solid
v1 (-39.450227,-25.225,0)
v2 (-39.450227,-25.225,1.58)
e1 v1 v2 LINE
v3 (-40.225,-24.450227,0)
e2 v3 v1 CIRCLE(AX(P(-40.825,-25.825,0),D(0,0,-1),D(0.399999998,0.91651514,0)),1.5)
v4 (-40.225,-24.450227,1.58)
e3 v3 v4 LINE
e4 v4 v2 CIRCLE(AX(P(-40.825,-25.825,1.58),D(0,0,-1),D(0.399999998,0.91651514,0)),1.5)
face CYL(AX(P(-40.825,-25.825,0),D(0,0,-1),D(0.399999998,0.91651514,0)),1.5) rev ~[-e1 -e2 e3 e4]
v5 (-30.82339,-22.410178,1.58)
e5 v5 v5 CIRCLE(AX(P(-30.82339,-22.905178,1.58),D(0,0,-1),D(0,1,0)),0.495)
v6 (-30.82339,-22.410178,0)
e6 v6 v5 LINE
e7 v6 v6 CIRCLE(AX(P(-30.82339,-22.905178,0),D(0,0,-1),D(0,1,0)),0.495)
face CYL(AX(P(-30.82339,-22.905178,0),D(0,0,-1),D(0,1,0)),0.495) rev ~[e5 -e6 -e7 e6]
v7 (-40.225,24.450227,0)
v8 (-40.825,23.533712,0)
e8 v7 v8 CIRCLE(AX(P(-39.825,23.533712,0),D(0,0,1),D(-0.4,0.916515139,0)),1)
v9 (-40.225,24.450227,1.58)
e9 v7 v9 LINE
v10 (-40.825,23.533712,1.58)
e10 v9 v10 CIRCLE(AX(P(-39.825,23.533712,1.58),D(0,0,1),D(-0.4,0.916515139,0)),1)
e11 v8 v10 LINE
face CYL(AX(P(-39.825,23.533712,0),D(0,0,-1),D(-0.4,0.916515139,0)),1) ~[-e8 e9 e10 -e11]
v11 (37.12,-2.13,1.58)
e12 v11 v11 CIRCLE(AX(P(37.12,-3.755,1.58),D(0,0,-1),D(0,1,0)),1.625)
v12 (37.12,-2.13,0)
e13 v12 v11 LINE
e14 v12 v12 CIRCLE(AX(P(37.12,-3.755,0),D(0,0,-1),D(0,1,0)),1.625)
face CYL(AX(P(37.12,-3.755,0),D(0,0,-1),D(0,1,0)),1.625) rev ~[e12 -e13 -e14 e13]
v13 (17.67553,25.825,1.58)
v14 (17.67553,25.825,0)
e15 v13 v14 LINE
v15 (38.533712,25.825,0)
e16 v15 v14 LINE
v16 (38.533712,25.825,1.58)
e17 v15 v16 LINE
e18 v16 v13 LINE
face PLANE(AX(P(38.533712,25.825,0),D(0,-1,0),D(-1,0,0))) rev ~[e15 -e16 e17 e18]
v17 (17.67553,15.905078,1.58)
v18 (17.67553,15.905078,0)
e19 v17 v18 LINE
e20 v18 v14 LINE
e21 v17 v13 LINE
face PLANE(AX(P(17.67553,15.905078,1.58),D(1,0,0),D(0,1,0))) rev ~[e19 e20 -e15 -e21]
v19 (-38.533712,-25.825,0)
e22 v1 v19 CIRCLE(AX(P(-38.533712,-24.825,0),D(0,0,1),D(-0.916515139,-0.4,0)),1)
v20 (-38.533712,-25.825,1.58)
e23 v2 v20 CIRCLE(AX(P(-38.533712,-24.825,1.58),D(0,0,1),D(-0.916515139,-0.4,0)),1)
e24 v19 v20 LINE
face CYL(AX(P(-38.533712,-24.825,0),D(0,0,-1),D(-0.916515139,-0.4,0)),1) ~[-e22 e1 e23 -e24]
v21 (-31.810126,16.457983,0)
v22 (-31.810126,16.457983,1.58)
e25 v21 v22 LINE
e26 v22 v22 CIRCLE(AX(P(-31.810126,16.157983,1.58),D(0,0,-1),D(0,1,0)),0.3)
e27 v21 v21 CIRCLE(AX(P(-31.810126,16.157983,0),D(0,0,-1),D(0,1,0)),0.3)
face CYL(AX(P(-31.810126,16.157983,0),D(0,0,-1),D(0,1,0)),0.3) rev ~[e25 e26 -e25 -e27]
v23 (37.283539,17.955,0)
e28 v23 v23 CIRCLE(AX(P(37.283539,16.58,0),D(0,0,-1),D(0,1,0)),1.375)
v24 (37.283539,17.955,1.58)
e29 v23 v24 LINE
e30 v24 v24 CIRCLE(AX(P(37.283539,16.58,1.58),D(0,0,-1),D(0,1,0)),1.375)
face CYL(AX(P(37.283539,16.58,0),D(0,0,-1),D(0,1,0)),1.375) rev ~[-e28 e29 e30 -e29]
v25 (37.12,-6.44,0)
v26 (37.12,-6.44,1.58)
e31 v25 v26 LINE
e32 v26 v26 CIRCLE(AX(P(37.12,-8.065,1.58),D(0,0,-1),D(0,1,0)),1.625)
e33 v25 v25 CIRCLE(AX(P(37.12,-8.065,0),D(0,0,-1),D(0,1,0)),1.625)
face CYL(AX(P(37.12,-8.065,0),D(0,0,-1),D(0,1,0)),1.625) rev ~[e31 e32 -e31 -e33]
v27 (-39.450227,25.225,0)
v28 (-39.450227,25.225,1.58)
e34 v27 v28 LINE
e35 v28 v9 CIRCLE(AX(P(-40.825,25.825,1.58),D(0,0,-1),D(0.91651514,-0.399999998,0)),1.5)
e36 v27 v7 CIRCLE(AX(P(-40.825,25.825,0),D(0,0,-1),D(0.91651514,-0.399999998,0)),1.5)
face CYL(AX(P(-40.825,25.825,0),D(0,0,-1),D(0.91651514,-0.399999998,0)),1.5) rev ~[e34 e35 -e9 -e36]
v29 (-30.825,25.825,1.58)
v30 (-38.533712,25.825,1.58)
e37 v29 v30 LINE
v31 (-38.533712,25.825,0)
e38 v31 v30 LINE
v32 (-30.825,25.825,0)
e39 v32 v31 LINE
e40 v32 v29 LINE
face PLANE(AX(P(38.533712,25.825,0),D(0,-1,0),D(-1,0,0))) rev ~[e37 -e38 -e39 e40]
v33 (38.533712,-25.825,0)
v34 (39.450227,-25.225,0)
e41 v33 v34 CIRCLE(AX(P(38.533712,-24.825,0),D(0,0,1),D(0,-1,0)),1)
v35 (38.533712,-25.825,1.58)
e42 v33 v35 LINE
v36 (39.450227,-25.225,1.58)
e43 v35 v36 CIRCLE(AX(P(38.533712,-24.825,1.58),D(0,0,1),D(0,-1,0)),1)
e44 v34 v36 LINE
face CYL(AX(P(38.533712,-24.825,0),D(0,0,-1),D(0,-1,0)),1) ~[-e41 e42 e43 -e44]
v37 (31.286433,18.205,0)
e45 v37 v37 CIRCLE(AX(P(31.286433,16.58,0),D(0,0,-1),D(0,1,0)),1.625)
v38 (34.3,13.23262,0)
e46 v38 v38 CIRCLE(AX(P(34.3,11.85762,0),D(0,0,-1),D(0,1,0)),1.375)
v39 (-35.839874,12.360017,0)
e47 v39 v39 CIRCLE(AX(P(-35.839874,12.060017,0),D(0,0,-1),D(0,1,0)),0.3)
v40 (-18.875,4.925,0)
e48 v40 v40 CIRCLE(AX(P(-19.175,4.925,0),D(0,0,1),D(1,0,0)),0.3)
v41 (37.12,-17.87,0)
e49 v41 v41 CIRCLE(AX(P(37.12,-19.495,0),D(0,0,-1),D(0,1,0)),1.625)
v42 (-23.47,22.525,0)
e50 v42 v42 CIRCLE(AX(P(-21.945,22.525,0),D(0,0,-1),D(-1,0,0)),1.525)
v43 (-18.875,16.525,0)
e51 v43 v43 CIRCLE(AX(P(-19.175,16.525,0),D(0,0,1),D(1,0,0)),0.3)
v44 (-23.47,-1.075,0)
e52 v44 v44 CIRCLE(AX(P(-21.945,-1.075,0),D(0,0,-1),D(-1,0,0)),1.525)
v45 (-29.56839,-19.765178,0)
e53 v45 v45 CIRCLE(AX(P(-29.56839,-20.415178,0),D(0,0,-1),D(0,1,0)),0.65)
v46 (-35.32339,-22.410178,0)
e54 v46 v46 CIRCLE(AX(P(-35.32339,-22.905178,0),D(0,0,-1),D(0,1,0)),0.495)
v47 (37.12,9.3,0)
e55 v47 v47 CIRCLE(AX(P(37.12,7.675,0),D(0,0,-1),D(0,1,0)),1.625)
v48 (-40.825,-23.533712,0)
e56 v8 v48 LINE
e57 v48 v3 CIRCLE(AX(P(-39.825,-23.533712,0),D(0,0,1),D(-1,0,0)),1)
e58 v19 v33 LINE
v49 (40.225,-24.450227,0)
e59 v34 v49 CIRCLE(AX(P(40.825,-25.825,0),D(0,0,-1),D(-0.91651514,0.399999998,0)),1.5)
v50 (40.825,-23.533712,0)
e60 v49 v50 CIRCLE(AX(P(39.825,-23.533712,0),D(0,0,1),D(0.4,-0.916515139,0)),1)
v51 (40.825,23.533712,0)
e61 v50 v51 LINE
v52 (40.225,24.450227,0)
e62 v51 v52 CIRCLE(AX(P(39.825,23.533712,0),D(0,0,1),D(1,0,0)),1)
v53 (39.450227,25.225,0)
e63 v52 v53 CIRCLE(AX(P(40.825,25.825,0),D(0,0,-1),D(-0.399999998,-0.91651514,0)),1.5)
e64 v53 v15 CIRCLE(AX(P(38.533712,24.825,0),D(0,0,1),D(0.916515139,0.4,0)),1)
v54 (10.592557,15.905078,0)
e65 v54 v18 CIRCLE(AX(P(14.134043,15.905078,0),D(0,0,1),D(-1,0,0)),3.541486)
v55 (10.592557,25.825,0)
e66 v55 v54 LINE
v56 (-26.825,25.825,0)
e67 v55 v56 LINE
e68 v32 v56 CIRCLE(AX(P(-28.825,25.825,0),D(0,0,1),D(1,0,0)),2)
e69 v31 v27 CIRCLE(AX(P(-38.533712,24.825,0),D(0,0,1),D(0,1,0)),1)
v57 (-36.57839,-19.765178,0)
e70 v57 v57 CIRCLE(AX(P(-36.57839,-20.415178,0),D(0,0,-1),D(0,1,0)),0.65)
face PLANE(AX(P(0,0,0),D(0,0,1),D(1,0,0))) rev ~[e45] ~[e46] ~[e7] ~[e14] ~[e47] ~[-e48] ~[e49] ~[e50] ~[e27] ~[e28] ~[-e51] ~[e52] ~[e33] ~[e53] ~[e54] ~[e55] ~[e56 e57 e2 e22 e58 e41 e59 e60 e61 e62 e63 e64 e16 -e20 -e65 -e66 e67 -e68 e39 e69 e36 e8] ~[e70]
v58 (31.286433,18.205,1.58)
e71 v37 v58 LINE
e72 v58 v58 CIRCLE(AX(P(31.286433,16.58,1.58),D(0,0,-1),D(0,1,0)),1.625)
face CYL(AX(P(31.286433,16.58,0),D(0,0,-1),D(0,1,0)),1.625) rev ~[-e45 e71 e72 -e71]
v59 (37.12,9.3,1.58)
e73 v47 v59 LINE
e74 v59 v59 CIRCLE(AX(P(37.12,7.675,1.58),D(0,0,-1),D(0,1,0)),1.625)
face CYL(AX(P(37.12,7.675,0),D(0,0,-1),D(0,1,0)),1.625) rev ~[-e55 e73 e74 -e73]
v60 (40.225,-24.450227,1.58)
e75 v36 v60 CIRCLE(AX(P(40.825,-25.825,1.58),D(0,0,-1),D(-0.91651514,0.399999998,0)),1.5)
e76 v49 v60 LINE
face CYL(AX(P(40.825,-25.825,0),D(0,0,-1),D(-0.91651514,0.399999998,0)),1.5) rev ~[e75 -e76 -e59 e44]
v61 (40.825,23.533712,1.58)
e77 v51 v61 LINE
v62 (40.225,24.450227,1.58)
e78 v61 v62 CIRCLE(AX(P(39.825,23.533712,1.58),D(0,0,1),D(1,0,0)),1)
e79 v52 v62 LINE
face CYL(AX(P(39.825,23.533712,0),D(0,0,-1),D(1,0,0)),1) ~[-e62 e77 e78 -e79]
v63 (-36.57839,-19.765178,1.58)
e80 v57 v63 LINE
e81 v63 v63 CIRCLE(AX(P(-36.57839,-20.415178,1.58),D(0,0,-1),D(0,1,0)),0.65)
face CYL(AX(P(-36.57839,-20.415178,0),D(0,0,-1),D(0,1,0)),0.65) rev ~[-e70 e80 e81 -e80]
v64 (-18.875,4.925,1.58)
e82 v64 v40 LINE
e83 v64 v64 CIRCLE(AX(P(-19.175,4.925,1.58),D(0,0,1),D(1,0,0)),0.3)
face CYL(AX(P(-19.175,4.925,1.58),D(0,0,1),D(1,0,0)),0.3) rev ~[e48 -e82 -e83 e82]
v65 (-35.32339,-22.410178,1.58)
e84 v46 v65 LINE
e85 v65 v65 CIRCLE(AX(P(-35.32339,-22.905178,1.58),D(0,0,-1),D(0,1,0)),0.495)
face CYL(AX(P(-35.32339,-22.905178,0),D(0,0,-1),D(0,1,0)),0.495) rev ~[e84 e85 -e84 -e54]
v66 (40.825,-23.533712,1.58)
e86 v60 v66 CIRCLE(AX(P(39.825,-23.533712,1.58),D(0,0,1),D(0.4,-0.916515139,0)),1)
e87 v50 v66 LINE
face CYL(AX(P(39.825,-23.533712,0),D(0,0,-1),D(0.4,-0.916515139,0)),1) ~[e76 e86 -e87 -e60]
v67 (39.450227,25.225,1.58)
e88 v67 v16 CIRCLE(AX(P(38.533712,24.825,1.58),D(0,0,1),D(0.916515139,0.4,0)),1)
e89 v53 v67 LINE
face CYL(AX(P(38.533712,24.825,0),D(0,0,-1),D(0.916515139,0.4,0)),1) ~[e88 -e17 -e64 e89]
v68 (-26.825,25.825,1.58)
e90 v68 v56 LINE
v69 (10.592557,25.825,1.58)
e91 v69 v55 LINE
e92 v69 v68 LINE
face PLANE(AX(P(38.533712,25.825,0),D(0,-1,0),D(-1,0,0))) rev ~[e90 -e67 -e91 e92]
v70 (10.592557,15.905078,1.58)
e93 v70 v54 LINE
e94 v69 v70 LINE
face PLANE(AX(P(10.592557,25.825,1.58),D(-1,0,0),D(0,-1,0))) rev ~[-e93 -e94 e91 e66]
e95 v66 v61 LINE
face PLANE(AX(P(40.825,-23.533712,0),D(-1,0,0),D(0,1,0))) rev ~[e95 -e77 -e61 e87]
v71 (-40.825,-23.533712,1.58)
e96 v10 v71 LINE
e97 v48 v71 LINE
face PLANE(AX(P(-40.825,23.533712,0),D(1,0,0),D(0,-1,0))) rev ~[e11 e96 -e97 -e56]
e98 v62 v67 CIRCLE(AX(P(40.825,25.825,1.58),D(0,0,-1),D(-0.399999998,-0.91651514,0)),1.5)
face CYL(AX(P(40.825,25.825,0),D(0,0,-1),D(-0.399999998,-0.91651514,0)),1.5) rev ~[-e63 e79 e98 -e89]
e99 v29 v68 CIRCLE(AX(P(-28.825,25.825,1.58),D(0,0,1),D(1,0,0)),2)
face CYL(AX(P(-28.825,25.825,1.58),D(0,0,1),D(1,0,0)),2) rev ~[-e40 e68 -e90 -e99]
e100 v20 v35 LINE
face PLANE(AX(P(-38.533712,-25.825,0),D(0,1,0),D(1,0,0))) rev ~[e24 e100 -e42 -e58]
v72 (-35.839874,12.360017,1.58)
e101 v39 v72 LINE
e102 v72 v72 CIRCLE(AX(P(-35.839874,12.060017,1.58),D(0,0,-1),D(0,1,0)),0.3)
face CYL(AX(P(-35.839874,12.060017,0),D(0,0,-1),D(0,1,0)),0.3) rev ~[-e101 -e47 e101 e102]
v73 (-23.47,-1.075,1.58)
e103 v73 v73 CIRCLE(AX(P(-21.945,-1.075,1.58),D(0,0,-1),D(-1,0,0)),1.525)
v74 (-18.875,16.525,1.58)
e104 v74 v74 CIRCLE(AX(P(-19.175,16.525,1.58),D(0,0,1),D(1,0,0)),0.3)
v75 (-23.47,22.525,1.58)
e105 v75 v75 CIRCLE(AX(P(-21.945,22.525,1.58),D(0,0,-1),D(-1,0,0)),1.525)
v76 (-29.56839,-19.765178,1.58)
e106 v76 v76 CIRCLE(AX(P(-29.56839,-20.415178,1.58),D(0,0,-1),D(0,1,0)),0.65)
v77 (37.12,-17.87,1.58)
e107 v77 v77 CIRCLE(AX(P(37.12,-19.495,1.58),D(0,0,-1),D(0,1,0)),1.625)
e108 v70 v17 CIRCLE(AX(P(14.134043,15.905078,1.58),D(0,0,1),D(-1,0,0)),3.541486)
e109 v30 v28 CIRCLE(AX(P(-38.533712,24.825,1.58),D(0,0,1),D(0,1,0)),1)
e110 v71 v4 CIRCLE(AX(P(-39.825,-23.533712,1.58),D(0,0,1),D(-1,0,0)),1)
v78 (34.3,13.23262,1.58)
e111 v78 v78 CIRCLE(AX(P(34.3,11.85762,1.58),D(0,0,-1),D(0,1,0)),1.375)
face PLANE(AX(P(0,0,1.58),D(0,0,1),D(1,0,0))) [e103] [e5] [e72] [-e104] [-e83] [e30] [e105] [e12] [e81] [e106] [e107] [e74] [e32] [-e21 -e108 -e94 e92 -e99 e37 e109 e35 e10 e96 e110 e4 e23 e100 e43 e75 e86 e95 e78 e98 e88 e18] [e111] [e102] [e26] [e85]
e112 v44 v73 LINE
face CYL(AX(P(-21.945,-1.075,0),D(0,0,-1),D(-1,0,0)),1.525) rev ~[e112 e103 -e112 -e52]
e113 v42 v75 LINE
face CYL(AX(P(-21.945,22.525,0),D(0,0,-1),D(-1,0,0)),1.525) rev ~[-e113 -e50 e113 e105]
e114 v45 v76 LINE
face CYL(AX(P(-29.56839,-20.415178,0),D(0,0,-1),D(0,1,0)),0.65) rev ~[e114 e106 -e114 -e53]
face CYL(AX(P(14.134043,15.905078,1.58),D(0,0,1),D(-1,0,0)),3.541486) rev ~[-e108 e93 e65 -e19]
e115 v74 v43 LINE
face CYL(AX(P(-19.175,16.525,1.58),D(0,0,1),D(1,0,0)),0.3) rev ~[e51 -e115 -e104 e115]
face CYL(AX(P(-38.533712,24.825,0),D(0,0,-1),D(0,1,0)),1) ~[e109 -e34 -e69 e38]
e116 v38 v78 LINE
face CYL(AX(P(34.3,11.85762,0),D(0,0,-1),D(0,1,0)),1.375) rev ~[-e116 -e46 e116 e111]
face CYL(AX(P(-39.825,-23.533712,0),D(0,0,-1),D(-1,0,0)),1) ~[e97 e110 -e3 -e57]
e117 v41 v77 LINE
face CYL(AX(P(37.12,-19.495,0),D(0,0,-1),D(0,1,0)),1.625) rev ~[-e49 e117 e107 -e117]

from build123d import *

# Parameters (mm, degrees)
BOSS_EXTRUDE2_DEPTH = 1.58
CUT_EXTRUDE4_DEPTH  = 49.333297529
SKETCH6_R           = 0.3
CUT_EXTRUDE9_DEPTH  = 49.333297529
SKETCH5_R           = 0.3
SKETCH5_R_2         = 1.525
CUT_EXTRUDE10_DEPTH = 49.333297529
SKETCH7_R           = 0.65
SKETCH7_R_2         = 0.495
SKETCH7_R_3         = 0.3
SKETCH7_R_4         = 1.625
SKETCH7_R_5         = 1.375
CUT_EXTRUDE11_DEPTH = 49.333297529
SKETCH13_R          = 2
CUT_EXTRUDE12_DEPTH = 49.333297529


with BuildPart() as part:
    # Sketch3 → Boss-Extrude2 (new body)
    with BuildSketch(Plane.XY):
        with BuildLine():
            Line((-38.533712153, -25.825), (38.533712153, -25.825))
            ThreePointArc((38.533712153, -25.825), (39.08143471, -25.661660027), (39.450227292, -25.225))
            ThreePointArc((39.450227292, -25.225), (39.764339828, -24.764339828), (40.225, -24.450227292))
            ThreePointArc((40.225, -24.450227292), (40.661660027, -24.08143471), (40.825, -23.533712153))
            Line((40.825, -23.533712153), (40.825, 23.533712153))
            ThreePointArc((40.825, 23.533712153), (40.661660027, 24.08143471), (40.225, 24.450227292))
            ThreePointArc((40.225, 24.450227292), (39.764339828, 24.764339828), (39.450227292, 25.225))
            ThreePointArc((39.450227292, 25.225), (39.08143471, 25.661660027), (38.533712153, 25.825))
            Line((38.533712153, 25.825), (-38.533712153, 25.825))
            ThreePointArc((-38.533712153, 25.825), (-39.08143471, 25.661660027), (-39.450227292, 25.225))
            ThreePointArc((-39.450227292, 25.225), (-39.764339828, 24.764339828), (-40.225, 24.450227292))
            ThreePointArc((-40.225, 24.450227292), (-40.661660027, 24.08143471), (-40.825, 23.533712153))
            Line((-40.825, 23.533712153), (-40.825, -23.533712153))
            ThreePointArc((-40.825, -23.533712153), (-40.661660027, -24.08143471), (-40.225, -24.450227292))
            ThreePointArc((-40.225, -24.450227292), (-39.764339828, -24.764339828), (-39.450227292, -25.225))
            ThreePointArc((-39.450227292, -25.225), (-39.08143471, -25.661660027), (-38.533712153, -25.825))
        make_face()
    extrude(amount=BOSS_EXTRUDE2_DEPTH)

    # Sketch8 → Cut-Extrude4 (cut, through all)
    with BuildSketch(Plane.XY.offset(1.58)):
        with BuildLine():
            Line((10.592557127, 25.825), (10.592557127, 15.905077804))
            ThreePointArc((10.592557127, 15.905077804), (14.134043321, 12.36359161), (17.675529515, 15.905077804))
            Line((17.675529515, 15.905077804), (17.675529515, 25.825))
            Line((17.675529515, 25.825), (10.592557127, 25.825))
        make_face()
    extrude(amount=-CUT_EXTRUDE4_DEPTH, mode=Mode.SUBTRACT)

    # Sketch6 → Cut-Extrude9 (cut, through all)
    with BuildSketch(Plane.XY.offset(1.58)):
        with Locations((-19.175, 16.525)):
            Circle(SKETCH6_R)
        with Locations((-19.175, 4.925)):
            Circle(SKETCH6_R)
    extrude(amount=-CUT_EXTRUDE9_DEPTH, mode=Mode.SUBTRACT)

    # Sketch5 → Cut-Extrude10 (cut, through all)
    with BuildSketch(Plane(origin=(0, 0, 0), x_dir=(1, 0, 0), z_dir=(0, 0, -1))):
        with Locations((-19.175, -4.925)):
            Circle(SKETCH5_R)
        with Locations((-19.175, -16.525)):
            Circle(SKETCH5_R)
        with Locations(Location((-21.945, -22.525, 0), (0, 0, 180))):
            Circle(SKETCH5_R_2)
        with Locations(Location((-21.945, 1.075, 0), (0, 0, 180))):
            Circle(SKETCH5_R_2)
    extrude(amount=-CUT_EXTRUDE10_DEPTH, mode=Mode.SUBTRACT)

    # Sketch7 → Cut-Extrude11 (cut, through all)
    with BuildSketch(Plane(origin=(0, 0, 0), x_dir=(1, 0, 0), z_dir=(0, 0, -1))):
        with Locations(Location((-36.578389688, 20.415177754, 0), (0, 0, 270))):
            Circle(SKETCH7_R)
        with Locations(Location((-29.568389688, 20.415177754, 0), (0, 0, 270))):
            Circle(SKETCH7_R)
        with Locations(Location((-35.323389688, 22.905177754, 0), (0, 0, 270))):
            Circle(SKETCH7_R_2)
        with Locations(Location((-30.823389688, 22.905177754, 0), (0, 0, 270))):
            Circle(SKETCH7_R_2)
        with Locations(Location((-35.839874228, -12.060017363, 0), (0, 0, 270))):
            Circle(SKETCH7_R_3)
        with Locations(Location((-31.810125772, -16.157982637, 0), (0, 0, 270))):
            Circle(SKETCH7_R_3)
        with Locations(Location((31.286432501, -16.58, 0), (0, 0, 270))):
            Circle(SKETCH7_R_4)
        with Locations(Location((37.283538512, -16.58, 0), (0, 0, 270))):
            Circle(SKETCH7_R_5)
        with Locations(Location((34.3, -11.85761971, 0), (0, 0, 270))):
            Circle(SKETCH7_R_5)
        with Locations(Location((37.12, -7.675, 0), (0, 0, 270))):
            Circle(SKETCH7_R_4)
        with Locations(Location((37.12, 3.755, 0), (0, 0, 270))):
            Circle(SKETCH7_R_4)
        with Locations(Location((37.12, 8.065, 0), (0, 0, 270))):
            Circle(SKETCH7_R_4)
        with Locations(Location((37.12, 19.495, 0), (0, 0, 270))):
            Circle(SKETCH7_R_4)
    extrude(amount=-CUT_EXTRUDE11_DEPTH, mode=Mode.SUBTRACT)

    # Sketch13 → Cut-Extrude12 (cut, through all)
    with BuildSketch(Plane.XY.offset(1.58)):
        with Locations((-28.825, 25.825)):
            Circle(SKETCH13_R)
    extrude(amount=-CUT_EXTRUDE12_DEPTH, mode=Mode.SUBTRACT)


solid = part.part
